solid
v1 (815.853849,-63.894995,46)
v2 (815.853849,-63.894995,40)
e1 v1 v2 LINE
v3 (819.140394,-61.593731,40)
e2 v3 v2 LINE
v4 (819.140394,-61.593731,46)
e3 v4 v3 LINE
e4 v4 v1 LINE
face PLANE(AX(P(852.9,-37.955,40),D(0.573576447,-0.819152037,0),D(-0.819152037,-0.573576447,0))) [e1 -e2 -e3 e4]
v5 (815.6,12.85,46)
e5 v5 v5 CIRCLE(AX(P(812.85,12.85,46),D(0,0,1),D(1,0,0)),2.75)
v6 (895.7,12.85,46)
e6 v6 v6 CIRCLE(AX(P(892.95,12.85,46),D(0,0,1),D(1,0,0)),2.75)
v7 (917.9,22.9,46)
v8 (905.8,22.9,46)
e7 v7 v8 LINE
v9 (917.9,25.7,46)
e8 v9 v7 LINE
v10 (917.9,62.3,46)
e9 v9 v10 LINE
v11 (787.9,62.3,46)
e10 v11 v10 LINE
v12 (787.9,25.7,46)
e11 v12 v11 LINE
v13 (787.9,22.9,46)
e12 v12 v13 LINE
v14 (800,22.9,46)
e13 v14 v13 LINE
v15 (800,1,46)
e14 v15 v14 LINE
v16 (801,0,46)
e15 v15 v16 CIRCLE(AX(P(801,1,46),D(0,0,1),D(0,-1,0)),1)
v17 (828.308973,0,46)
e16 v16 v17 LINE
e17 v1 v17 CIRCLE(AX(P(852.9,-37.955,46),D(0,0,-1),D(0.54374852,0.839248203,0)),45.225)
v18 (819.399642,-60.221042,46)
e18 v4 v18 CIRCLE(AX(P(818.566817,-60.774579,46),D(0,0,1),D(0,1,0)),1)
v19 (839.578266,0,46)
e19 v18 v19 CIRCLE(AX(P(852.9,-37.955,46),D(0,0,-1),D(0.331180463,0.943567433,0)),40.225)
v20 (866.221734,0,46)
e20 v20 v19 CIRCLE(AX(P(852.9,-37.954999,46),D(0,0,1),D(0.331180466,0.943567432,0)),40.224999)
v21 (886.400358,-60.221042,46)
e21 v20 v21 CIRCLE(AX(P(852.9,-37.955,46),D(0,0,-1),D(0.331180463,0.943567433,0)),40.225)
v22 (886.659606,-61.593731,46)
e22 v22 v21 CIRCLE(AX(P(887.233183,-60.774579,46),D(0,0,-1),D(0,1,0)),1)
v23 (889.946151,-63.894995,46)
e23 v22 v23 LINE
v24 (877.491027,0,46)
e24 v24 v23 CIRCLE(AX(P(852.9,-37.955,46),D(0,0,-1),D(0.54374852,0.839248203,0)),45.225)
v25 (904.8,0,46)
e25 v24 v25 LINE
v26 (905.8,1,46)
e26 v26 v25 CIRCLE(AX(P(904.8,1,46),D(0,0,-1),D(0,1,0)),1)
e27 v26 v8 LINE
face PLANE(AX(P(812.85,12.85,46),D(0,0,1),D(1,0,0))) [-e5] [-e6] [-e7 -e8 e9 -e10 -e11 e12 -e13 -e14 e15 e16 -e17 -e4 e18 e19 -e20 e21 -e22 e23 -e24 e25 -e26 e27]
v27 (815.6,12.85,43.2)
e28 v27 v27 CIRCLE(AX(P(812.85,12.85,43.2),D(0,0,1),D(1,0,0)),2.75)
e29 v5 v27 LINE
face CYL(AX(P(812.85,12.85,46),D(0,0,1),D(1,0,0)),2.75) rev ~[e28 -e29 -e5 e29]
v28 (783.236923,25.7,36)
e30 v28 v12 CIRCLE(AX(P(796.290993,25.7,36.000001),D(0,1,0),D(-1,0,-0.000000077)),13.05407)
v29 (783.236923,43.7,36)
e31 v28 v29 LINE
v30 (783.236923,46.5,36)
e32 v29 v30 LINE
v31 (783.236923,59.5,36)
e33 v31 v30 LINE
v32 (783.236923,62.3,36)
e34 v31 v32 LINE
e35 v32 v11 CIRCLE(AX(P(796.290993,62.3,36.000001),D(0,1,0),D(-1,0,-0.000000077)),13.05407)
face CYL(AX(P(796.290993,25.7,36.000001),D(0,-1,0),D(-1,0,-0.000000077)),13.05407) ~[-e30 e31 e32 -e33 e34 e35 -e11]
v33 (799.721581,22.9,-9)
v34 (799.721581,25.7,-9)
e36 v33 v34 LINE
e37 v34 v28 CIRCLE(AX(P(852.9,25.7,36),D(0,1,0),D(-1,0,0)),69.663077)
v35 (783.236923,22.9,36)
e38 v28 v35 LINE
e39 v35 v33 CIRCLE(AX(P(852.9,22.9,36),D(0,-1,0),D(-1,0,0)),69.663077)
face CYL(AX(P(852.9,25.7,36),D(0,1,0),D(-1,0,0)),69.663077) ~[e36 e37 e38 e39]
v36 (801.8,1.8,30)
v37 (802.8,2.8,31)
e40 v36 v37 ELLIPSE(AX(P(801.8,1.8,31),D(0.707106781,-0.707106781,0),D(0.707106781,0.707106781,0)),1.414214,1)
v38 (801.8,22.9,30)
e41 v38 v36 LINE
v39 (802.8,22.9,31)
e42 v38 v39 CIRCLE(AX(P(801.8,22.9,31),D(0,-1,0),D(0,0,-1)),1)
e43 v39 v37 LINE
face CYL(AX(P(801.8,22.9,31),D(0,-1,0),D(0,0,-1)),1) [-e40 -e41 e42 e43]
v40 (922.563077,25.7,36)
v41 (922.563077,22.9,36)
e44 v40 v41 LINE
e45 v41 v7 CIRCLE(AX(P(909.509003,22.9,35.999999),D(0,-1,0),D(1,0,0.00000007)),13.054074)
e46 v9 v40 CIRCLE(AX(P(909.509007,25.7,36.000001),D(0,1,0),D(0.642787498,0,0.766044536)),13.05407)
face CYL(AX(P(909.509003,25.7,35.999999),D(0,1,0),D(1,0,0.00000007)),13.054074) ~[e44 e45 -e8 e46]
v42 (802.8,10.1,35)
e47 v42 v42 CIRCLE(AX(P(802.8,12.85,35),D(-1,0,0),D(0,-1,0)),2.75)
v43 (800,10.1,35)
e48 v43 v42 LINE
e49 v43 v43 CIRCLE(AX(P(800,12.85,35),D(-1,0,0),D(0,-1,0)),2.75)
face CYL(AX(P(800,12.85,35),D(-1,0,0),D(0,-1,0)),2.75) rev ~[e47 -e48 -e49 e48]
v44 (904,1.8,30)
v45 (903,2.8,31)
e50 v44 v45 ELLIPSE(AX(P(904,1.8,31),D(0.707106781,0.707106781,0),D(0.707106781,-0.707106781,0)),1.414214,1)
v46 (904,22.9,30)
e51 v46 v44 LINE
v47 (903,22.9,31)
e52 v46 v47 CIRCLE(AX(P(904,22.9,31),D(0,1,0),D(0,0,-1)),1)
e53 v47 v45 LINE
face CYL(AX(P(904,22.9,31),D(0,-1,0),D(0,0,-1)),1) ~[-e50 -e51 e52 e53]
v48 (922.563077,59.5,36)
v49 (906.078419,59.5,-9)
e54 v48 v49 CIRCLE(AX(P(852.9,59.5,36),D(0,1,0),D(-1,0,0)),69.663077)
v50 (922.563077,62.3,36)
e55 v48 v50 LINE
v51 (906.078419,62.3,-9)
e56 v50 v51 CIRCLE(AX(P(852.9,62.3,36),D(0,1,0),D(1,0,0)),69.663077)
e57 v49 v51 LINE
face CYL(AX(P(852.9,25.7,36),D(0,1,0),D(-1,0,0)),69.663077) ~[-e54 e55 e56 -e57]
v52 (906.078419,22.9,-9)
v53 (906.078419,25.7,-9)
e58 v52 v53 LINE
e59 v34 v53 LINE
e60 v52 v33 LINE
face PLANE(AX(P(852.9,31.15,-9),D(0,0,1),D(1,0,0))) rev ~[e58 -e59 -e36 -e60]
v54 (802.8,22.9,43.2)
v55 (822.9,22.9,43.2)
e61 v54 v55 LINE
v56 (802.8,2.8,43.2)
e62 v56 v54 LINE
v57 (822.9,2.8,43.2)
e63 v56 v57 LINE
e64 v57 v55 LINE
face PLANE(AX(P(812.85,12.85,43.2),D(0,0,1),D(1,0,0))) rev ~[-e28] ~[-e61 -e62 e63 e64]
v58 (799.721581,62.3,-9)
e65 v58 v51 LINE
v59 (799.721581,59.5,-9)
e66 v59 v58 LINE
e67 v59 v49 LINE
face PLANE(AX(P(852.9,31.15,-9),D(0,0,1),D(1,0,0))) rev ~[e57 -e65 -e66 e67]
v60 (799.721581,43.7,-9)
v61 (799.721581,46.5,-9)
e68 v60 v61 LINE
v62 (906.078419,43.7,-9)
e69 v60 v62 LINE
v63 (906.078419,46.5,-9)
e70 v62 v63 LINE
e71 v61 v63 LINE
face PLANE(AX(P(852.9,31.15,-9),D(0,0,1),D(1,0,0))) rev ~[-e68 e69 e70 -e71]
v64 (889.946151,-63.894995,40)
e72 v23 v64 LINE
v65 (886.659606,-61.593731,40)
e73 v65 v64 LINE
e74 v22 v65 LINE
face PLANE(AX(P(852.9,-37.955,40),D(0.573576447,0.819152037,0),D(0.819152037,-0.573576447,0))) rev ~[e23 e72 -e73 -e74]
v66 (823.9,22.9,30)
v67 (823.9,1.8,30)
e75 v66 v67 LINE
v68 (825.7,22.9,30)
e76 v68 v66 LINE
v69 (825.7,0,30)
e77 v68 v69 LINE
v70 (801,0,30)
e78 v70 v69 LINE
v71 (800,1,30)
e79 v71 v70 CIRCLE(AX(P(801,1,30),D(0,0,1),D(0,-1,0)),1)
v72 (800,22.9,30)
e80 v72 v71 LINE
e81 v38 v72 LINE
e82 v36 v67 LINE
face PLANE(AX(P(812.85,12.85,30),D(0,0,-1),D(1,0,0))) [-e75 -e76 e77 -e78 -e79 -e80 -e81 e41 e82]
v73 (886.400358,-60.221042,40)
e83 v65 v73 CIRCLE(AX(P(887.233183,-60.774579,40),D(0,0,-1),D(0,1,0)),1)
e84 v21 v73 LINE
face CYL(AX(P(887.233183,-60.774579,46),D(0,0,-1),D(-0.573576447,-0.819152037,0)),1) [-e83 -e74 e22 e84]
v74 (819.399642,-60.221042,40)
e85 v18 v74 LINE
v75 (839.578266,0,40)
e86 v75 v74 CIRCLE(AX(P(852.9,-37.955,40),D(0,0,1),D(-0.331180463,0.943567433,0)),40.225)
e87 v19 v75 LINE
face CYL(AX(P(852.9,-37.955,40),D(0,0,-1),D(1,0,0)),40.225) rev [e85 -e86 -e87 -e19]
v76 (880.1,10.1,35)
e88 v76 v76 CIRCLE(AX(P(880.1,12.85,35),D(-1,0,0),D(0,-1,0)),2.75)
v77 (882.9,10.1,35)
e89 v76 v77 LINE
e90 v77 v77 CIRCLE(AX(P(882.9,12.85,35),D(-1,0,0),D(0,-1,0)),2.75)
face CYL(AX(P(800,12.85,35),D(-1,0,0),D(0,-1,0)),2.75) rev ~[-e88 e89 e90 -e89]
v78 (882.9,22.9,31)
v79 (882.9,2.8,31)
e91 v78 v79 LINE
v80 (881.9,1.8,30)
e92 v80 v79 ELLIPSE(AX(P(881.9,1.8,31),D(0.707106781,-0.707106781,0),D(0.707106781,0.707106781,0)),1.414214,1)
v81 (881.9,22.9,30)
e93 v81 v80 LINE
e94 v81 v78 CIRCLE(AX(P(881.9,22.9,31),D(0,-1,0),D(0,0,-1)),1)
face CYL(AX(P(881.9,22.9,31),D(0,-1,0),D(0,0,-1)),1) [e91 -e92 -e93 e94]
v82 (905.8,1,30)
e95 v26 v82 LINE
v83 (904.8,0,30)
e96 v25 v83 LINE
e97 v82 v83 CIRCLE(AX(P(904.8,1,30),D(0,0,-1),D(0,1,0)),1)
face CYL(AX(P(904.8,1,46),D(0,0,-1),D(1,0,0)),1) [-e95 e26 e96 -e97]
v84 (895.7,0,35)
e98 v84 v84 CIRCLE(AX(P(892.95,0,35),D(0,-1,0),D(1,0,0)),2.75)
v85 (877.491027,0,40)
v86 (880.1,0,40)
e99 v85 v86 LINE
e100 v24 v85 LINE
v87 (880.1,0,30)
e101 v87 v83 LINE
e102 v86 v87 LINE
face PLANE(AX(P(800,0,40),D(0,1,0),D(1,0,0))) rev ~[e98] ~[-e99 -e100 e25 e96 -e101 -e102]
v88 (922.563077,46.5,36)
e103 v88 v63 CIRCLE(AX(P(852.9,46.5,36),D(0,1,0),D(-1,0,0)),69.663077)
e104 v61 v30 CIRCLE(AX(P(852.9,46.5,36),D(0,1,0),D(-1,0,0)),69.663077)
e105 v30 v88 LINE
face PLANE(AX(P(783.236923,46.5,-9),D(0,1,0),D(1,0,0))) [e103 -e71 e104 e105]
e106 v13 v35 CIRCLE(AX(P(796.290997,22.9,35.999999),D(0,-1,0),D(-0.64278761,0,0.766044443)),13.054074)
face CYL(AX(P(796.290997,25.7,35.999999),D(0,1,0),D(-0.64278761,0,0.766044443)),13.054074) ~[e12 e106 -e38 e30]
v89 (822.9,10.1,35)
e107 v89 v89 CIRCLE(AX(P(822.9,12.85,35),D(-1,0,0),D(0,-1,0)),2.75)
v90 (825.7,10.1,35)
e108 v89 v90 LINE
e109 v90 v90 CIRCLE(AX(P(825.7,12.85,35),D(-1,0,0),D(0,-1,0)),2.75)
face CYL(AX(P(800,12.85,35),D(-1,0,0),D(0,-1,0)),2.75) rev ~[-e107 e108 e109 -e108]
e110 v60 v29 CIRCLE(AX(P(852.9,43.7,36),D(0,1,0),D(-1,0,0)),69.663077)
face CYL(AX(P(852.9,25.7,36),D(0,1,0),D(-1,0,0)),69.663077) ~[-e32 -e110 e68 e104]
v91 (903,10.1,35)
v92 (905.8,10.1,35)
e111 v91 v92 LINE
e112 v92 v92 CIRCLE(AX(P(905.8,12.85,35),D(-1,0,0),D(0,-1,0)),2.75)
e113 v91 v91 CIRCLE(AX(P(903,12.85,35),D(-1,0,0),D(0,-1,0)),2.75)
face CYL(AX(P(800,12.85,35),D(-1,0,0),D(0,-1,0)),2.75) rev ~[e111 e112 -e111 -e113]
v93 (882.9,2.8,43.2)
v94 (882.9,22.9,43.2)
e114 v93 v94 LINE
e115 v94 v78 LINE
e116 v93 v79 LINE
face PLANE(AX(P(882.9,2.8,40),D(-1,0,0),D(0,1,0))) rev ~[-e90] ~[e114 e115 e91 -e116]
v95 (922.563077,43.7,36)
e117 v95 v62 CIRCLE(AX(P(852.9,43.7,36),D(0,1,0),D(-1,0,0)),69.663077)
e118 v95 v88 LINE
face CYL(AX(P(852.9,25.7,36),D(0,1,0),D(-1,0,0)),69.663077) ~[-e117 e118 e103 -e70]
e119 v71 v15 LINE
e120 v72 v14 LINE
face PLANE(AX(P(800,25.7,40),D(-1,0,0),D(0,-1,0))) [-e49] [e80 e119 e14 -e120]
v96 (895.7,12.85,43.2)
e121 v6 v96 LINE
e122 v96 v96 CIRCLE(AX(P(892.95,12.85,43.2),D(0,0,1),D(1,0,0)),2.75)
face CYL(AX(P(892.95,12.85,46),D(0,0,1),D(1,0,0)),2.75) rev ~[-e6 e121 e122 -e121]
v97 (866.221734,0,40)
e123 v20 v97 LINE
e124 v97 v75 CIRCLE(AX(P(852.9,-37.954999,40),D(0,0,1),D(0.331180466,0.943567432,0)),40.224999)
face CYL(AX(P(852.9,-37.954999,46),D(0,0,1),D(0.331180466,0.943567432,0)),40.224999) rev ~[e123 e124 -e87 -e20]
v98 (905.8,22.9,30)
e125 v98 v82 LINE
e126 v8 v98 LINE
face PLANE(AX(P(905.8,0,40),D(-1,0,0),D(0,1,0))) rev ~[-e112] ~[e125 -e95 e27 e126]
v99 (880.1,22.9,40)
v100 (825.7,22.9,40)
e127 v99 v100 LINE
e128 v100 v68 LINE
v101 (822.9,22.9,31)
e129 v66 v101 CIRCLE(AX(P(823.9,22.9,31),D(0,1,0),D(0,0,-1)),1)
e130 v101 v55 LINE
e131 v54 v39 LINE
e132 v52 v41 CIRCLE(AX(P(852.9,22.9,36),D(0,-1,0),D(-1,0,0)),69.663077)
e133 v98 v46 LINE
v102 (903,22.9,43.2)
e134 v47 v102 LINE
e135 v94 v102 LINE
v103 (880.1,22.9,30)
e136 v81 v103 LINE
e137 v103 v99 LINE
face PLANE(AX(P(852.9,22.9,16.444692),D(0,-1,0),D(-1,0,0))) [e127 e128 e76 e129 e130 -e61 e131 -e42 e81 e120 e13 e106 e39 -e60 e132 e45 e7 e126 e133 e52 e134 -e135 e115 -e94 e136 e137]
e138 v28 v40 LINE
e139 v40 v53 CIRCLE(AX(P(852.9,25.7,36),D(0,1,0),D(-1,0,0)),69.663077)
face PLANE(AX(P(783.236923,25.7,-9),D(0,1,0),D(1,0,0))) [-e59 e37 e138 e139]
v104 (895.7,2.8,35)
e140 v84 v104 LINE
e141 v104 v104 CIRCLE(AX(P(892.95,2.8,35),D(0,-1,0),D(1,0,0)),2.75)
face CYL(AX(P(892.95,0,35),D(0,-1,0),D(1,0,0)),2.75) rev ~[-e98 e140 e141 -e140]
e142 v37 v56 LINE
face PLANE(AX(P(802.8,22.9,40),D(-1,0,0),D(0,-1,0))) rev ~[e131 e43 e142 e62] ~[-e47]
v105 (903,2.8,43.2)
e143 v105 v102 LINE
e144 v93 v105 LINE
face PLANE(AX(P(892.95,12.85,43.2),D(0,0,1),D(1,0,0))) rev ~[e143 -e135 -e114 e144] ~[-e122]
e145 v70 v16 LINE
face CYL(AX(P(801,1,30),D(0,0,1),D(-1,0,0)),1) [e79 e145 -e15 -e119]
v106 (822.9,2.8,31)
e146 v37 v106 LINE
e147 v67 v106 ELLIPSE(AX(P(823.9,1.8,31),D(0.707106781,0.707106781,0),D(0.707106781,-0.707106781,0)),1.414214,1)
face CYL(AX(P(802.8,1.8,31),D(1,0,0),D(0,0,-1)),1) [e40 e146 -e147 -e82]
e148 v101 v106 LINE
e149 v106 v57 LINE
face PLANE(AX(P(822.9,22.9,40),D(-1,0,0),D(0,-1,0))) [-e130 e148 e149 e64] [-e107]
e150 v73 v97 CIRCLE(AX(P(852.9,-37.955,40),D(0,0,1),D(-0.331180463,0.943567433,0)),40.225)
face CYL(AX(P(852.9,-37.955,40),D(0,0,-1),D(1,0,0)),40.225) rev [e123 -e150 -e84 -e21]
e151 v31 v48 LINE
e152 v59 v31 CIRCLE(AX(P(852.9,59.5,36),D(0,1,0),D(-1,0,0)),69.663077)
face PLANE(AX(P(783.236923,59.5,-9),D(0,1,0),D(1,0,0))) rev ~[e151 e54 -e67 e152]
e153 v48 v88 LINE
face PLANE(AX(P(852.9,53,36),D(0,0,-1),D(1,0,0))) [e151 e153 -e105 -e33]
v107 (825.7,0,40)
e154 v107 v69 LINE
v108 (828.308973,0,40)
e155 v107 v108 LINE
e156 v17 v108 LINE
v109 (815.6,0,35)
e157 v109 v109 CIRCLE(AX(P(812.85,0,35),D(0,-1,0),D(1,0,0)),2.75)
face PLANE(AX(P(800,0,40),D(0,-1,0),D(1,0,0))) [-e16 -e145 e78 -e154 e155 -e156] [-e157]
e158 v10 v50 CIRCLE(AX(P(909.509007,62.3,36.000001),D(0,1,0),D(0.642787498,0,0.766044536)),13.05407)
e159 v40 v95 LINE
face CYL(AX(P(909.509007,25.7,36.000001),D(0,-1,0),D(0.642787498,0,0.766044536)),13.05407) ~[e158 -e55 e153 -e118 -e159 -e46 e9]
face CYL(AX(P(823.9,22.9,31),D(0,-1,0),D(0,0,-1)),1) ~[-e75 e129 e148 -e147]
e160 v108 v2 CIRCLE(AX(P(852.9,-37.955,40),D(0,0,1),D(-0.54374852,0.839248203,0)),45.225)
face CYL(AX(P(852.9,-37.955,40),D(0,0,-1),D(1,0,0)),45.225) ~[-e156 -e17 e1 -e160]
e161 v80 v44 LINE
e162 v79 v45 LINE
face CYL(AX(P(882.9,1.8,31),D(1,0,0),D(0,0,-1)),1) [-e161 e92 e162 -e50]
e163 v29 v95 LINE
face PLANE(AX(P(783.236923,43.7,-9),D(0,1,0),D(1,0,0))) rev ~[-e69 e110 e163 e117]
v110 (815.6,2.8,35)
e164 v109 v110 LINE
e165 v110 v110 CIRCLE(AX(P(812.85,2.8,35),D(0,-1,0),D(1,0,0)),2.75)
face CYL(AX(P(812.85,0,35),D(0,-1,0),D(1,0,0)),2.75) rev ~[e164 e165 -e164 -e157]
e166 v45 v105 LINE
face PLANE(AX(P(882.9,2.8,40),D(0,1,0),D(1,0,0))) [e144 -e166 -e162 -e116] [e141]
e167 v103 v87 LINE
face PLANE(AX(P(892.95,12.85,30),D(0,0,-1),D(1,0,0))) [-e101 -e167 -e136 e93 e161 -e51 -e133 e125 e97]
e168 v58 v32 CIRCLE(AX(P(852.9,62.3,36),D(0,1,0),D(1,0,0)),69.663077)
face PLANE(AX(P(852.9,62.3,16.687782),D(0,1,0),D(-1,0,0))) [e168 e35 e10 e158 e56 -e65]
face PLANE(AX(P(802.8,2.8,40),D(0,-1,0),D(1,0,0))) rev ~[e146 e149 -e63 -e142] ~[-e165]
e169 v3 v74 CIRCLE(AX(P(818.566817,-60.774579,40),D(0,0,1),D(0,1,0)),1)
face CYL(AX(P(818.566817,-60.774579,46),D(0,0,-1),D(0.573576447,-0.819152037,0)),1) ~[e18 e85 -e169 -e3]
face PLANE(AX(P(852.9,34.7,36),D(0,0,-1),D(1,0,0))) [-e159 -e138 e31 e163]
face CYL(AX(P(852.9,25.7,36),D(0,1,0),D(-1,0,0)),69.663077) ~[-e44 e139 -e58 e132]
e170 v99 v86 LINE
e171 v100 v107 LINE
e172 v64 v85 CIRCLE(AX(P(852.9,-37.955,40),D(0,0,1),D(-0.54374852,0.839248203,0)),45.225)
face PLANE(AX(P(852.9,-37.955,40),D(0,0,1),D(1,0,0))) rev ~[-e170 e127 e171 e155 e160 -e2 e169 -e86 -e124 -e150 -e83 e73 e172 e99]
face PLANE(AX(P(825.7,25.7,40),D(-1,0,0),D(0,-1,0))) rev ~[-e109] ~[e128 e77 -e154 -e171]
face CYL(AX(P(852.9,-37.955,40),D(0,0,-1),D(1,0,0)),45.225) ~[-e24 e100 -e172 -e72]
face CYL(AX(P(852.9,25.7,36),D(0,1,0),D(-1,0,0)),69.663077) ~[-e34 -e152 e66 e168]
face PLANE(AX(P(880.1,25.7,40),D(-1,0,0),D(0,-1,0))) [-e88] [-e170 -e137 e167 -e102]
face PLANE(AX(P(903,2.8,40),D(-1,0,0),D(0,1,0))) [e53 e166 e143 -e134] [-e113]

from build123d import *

# Parameters (mm, degrees)
SKETCH047_W     = 105.8
SKETCH047_H     = 25.7
SKETCH047_W_2   = 20.1
SKETCH047_H_2   = 20.1
PAD026_DEPTH    = 6
SKETCH043_R     = 45.225
SKETCH043_R_2   = 40.225
PAD027_DEPTH    = 6
POCKET028_DEPTH = 6
POCKET026_DEPTH = 6
FILLET011_R     = 1
SKETCH049_W     = 25.7
SKETCH049_H     = 25.7
SKETCH049_W_2   = 20.1
SKETCH049_H_2   = 20.1
PAD023_DEPTH    = 10
SKETCH045_R     = 2.75
POCKET031_DEPTH = 105.8
SKETCH042_R     = 2.75
POCKET029_DEPTH = 2.8
FILLET010_R     = 1
PAD024_DEPTH    = 36.6
PAD025_DEPTH    = 2.8
SKETCH048_W     = 139.326154
SKETCH048_H     = 62.3
POCKET027_DEPTH = 61
SKETCH044_W     = 139.326154
SKETCH044_H     = 18
SKETCH044_H_2   = 13
POCKET030_DEPTH = 45
SKETCH052_W     = 20.1
SKETCH052_H     = 20.1
SKETCH052_R     = 2.75
PAD029_DEPTH    = 2.8


with BuildPart() as part:
    # Sketch047 → Pad026 (new body)
    with BuildSketch(Plane.XY):
        with Locations((52.9, 12.85)):
            Rectangle(SKETCH047_W, SKETCH047_H)
        with Locations((12.85, 12.85)):
            Rectangle(SKETCH047_W_2, SKETCH047_H_2, mode=Mode.SUBTRACT)
        with Locations((92.95, 12.85)):
            Rectangle(SKETCH047_W_2, SKETCH047_H_2, mode=Mode.SUBTRACT)
    extrude(amount=PAD026_DEPTH)

    # Sketch043 → Pad027 (join)
    with BuildSketch(Plane.XY):
        with Locations((52.9, -37.955)):
            Circle(SKETCH043_R)
        with Locations((52.9, -37.955)):
            Circle(SKETCH043_R_2, mode=Mode.SUBTRACT)
    extrude(amount=PAD027_DEPTH)

    # Pad027 Face25 → Pocket028 (cut)
    with BuildSketch(Plane(origin=(52.9, 0.910232, 6), x_dir=(0, 1, 0), z_dir=(0, 0, 1))):
        with BuildLine():
            ThreePointArc((-0.910232, -13.321734), (1.359768, 0), (-0.910232, 13.321734))
            Line((-0.910232, 13.321734), (-0.910232, -13.321734))
        make_face()
    extrude(amount=-POCKET028_DEPTH, mode=Mode.SUBTRACT)

    # Sketch050 → Pocket026 (cut)
    with BuildSketch(Plane.XY):
        with BuildLine():
            Line((52.9, -37.955), (94.041911, -66.762877))
            ThreePointArc((11.758089, -66.762877), (52.9, -88.18), (94.041911, -66.762877))
            Line((52.9, -37.955), (11.758089, -66.762877))
        make_face()
    extrude(amount=POCKET026_DEPTH, mode=Mode.SUBTRACT)

    # Fillet011
    fillet011_edges = [part.edges().sort_by_distance(p)[0] for p in [
        (19.949609, -61.027112, 3),
        (85.850391, -61.027112, 3),
    ]]
    fillet(fillet011_edges, radius=FILLET011_R)

    # Sketch049 (on Face11 of Fillet011) → Pad023 (join)
    with BuildSketch(Plane(origin=(0, 0, 0), x_dir=(1, 0, 0), z_dir=(0, 0, -1))):
        with Locations((12.85, -12.85)):
            Rectangle(SKETCH049_W, SKETCH049_H)
        with Locations((12.85, -12.85)):
            Rectangle(SKETCH049_W_2, SKETCH049_H_2, mode=Mode.SUBTRACT)
        with Locations((92.95, -12.85)):
            Rectangle(SKETCH049_W, SKETCH049_H)
        with Locations((92.95, -12.85)):
            Rectangle(SKETCH049_W_2, SKETCH049_H_2, mode=Mode.SUBTRACT)
    extrude(amount=PAD023_DEPTH)

    # Sketch045 (on Face27 of Pad023) → Pocket031 (cut)
    with BuildSketch(Plane(origin=(0, 0, 0), x_dir=(0, -1, 0), z_dir=(-1, 0, 0))):
        with Locations((-12.85, -5)):
            Circle(SKETCH045_R)
    extrude(amount=-POCKET031_DEPTH, mode=Mode.SUBTRACT)

    # Sketch042 (on Face13 of Pocket031) → Pocket029 (cut)
    with BuildSketch(Plane.XZ):
        with Locations((12.85, -5)):
            Circle(SKETCH042_R)
        with Locations((92.95, -5)):
            Circle(SKETCH042_R)
    extrude(amount=-POCKET029_DEPTH, mode=Mode.SUBTRACT)

    # Fillet010
    fillet010_edges = [part.edges().sort_by_distance(p)[0] for p in [
        (103, 12.85, -10),
        (92.95, 2.8, -10),
        (82.9, 12.85, -10),
        (22.9, 12.85, -10),
        (12.85, 2.8, -10),
        (2.8, 12.85, -10),
        (0, 0, -5),
        (0, 0, 3),
        (105.8, 0, -5),
        (105.8, 0, 3),
    ]]
    fillet(fillet010_edges, radius=FILLET010_R)

    # Sketch046 (on Face12 of Fillet010) → Pad024 (join)
    with BuildSketch(Plane(origin=(0, 25.7, 0), x_dir=(-1, 0, 0), z_dir=(0, 1, 0))):
        with BuildLine():
            Line((12.1, 6), (-117.9, 6))
            ThreePointArc((-117.9, 6), (-121.340012, 1.51689), (-122.563077, -4))
            ThreePointArc((-122.563077, -4), (-52.9, -73.663077), (16.763077, -4))
            ThreePointArc((16.763077, -4), (15.540012, 1.51689), (12.1, 6))
        make_face()
    extrude(amount=PAD024_DEPTH)

    # Pad024 Face4 → Pad025 (add)
    with BuildSketch(Plane(origin=(52.9, 25.7, -32.391454), x_dir=(-1, 0, 0), z_dir=(0, -1, 0))):
        with BuildLine():
            ThreePointArc((65, -38.391454), (68.440012, -33.908343), (69.663077, -28.391454))
            ThreePointArc((69.663077, -28.391454), (0, 41.271623), (-69.663077, -28.391454))
            ThreePointArc((-69.663077, -28.391454), (-68.440012, -33.908343), (-65, -38.391454))
            Line((-65, -38.391454), (-52.9, -38.391454))
            Line((-52.9, -38.391454), (-52.9, -32.391454))
            Line((-52.9, -32.391454), (-52.9, -22.391454))
            Line((-52.9, -22.391454), (-27.2, -22.391454))
            Line((-27.2, -22.391454), (-27.2, -32.391454))
            Line((-27.2, -32.391454), (27.2, -32.391454))
            Line((27.2, -32.391454), (27.2, -22.391454))
            Line((27.2, -22.391454), (52.9, -22.391454))
            Line((52.9, -22.391454), (52.9, -32.391454))
            Line((52.9, -32.391454), (52.9, -38.391454))
            Line((52.9, -38.391454), (65, -38.391454))
        make_face()
    extrude(amount=PAD025_DEPTH)

    # Sketch048 → Pocket027 (cut)
    with BuildSketch(Plane.XY.offset(-49)):
        with Locations((52.9, 31.15)):
            Rectangle(SKETCH048_W, SKETCH048_H)
    extrude(amount=-POCKET027_DEPTH, mode=Mode.SUBTRACT)

    # Sketch044 (on Face28 of Pocket027) → Pocket030 (cut)
    with BuildSketch(Plane(origin=(0, 0, -49), x_dir=(1, 0, 0), z_dir=(0, 0, -1))):
        with Locations((52.9, -34.7)):
            Rectangle(SKETCH044_W, SKETCH044_H)
        with Locations((52.9, -53)):
            Rectangle(SKETCH044_W, SKETCH044_H_2)
    extrude(amount=-POCKET030_DEPTH, mode=Mode.SUBTRACT)

    # Sketch052 (on Face5 of Pocket030) → Pad029 (join)
    with BuildSketch(Plane.XY.offset(6)):
        with Locations((12.85, 12.85)):
            Rectangle(SKETCH052_W, SKETCH052_H)
        with Locations((12.85, 12.85)):
            Circle(SKETCH052_R, mode=Mode.SUBTRACT)
        with Locations((92.95, 12.85)):
            Rectangle(SKETCH052_W, SKETCH052_H)
        with Locations((92.95, 12.85)):
            Circle(SKETCH052_R, mode=Mode.SUBTRACT)
    extrude(amount=-PAD029_DEPTH)


with BuildPart() as part_1:
    # Body007 placement: moved
    add(part.part.moved(Location((800, 0, 40))))


solid = part_1.part
